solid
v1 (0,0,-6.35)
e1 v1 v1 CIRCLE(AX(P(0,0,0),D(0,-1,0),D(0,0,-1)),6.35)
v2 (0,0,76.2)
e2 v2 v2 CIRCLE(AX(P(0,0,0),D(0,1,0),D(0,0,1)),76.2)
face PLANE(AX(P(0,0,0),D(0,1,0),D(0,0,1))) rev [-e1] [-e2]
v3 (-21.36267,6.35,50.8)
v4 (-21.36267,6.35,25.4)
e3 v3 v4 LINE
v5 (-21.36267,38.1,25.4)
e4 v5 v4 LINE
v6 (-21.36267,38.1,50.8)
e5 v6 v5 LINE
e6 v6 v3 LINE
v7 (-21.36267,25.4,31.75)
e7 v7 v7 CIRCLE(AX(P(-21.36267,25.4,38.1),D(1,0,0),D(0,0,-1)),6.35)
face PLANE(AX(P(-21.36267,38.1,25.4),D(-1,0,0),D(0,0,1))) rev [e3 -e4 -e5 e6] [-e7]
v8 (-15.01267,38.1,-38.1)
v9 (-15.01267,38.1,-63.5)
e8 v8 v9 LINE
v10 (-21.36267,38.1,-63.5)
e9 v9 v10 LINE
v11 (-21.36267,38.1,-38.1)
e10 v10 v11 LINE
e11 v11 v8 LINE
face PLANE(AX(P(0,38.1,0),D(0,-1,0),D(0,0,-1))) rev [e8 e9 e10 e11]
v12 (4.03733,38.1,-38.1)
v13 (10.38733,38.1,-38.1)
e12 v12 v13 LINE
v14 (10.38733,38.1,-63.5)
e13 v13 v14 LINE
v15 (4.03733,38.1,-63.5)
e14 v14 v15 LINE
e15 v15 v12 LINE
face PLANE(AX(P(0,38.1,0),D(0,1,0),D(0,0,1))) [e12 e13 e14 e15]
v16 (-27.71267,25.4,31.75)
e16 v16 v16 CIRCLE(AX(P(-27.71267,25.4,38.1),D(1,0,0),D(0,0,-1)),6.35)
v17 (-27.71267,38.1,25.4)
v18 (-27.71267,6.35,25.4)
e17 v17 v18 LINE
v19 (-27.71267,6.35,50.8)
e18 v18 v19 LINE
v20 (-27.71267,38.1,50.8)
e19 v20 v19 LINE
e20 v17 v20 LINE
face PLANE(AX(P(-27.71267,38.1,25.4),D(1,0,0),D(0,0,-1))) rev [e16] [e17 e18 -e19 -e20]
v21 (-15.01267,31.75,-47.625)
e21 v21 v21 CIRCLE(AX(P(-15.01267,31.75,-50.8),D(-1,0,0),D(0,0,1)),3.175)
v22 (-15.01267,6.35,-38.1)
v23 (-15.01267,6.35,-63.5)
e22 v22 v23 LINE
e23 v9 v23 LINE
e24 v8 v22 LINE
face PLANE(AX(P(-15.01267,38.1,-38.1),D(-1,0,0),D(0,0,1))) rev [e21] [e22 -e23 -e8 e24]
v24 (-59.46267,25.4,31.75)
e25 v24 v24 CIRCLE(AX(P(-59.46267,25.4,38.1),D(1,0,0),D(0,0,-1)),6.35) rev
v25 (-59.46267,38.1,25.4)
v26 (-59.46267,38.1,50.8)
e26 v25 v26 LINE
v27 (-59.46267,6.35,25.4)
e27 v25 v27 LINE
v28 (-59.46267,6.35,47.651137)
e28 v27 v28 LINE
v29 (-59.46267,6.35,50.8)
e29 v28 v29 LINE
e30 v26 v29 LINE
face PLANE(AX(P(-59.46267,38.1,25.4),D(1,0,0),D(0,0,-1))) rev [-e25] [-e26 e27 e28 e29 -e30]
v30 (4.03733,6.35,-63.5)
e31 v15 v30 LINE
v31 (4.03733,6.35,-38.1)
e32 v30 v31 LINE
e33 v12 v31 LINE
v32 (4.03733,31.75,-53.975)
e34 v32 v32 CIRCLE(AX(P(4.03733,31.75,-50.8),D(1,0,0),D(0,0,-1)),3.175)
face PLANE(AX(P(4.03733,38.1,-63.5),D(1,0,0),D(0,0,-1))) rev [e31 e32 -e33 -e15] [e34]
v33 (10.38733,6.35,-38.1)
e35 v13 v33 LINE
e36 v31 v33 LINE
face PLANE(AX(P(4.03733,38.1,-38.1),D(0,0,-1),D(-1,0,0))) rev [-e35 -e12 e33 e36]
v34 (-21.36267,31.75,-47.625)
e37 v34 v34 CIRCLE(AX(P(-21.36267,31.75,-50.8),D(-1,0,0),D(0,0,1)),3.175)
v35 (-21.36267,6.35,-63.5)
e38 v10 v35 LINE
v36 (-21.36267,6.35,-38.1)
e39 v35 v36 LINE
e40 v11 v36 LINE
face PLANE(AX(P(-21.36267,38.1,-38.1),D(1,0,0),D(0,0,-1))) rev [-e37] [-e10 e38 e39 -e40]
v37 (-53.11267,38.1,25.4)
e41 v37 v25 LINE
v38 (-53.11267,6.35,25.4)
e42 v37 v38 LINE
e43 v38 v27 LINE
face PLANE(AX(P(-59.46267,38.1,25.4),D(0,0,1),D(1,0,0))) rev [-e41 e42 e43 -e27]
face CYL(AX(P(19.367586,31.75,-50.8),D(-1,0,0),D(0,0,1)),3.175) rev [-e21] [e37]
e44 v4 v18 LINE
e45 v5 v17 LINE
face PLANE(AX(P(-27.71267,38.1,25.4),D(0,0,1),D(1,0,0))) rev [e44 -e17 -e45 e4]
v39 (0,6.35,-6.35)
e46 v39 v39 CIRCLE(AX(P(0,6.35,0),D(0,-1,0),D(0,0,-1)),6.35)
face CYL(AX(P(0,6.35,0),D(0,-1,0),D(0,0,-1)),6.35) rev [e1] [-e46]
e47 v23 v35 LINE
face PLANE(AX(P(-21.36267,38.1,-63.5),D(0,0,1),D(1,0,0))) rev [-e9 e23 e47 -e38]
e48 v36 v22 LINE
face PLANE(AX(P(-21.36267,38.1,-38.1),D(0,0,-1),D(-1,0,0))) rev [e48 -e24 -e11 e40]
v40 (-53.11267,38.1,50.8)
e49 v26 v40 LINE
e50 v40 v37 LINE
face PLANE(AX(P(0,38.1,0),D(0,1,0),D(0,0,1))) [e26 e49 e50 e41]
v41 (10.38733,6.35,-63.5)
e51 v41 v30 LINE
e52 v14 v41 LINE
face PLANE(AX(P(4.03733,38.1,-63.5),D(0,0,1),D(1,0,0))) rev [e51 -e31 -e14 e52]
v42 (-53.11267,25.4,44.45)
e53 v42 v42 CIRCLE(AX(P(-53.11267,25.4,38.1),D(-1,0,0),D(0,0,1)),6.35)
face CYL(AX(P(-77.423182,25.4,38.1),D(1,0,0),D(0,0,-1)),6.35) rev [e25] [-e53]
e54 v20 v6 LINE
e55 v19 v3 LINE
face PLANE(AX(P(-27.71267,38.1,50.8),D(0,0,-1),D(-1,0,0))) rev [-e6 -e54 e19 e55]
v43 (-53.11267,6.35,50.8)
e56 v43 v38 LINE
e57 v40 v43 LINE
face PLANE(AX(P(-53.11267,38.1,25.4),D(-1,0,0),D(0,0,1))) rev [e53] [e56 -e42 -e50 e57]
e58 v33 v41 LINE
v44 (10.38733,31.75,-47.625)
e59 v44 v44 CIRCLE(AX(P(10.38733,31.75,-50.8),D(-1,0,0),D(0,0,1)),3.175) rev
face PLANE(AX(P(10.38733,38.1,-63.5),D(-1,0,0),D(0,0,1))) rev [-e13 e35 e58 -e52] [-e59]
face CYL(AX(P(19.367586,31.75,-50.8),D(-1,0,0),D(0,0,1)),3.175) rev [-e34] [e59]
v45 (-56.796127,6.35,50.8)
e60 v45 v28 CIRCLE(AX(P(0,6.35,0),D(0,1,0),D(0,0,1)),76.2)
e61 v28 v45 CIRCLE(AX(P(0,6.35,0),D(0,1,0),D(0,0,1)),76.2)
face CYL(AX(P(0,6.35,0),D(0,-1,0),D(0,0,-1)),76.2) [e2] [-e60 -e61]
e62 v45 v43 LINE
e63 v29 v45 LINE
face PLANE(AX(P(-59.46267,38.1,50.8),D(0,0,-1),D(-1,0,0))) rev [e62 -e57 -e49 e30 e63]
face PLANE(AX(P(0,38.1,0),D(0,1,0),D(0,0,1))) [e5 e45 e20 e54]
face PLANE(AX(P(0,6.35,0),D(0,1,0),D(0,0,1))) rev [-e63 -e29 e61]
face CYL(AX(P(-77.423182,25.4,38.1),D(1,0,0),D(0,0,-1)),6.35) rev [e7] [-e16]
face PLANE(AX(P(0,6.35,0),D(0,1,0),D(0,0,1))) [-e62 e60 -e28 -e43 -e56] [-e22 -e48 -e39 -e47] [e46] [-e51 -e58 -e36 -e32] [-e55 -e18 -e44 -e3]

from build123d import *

# Parameters (mm, degrees)
SKETCH1_R           = 76.2
BOSS_EXTRUDE1_DEPTH = 6.35
SKETCH2_R           = 6.35
CUT_EXTRUDE1_DEPTH  = 108.95
SKETCH3_W           = 6.35
SKETCH3_H           = 25.4
BOSS_EXTRUDE2_DEPTH = 31.75
CUT_EXTRUDE2_REACH  = 131.524
SKETCH4_R           = 6.35
SKETCH5_W           = 6.35
SKETCH5_H           = 25.4
BOSS_EXTRUDE3_DEPTH = 31.75
CUT_EXTRUDE3_REACH  = 131.524
SKETCH6_R           = 3.175


with BuildPart() as part:
    # Sketch1 → Boss-Extrude1 (new body)
    with BuildSketch(Plane(origin=(0, 0, 0), x_dir=(1, 0, 0), z_dir=(0, 1, 0))):
        with Locations(Location((0, 0, 0), (0, 0, 270))):
            Circle(SKETCH1_R)
    extrude(amount=BOSS_EXTRUDE1_DEPTH)

    # Sketch2 → Cut-Extrude1 (cut, through all)
    with BuildSketch(Plane.XZ):
        with Locations(Location((0, 0, 0), (0, 0, 270))):
            Circle(SKETCH2_R)
    extrude(amount=-CUT_EXTRUDE1_DEPTH, mode=Mode.SUBTRACT)

    # Sketch3 → Boss-Extrude2 (add)
    with BuildSketch(Plane(origin=(0, 6.35, 0), x_dir=(1, 0, 0), z_dir=(0, 1, 0))):
        with Locations((-56.28767, -38.1)):
            Rectangle(SKETCH3_W, SKETCH3_H)
        with Locations((-24.53767, -38.1)):
            Rectangle(SKETCH3_W, SKETCH3_H)
    extrude(amount=BOSS_EXTRUDE2_DEPTH)

    # Cut-Extrude2: up to this face of the body (flat: up to its plane)
    cut_extrude2_end = Plane(part.part.faces().sort_by_distance((-59.46267, 22.225, 38.1))[0])
    # Sketch4 → Cut-Extrude2 (cut, up to the picked face)
    with BuildSketch(Plane(origin=(-21.36267, 0, 0), x_dir=(0, 0, -1), z_dir=(1, 0, 0)), mode=Mode.PRIVATE) as cut_extrude2_sk1:
        with Locations((-38.1, 25.4)):
            Circle(SKETCH4_R)
    cut_extrude2_tool1 = split(extrude(cut_extrude2_sk1.sketch, amount=-CUT_EXTRUDE2_REACH, mode=Mode.PRIVATE), bisect_by=cut_extrude2_end, keep=Keep.BOTH, mode=Mode.PRIVATE)
    add(cut_extrude2_tool1.solids().sort_by(Axis((-21.36267, 25.4, 38.1), (-1, 0, 0)))[0], mode=Mode.SUBTRACT)

    # Sketch5 → Boss-Extrude3 (add)
    with BuildSketch(Plane(origin=(0, 6.35, 0), x_dir=(1, 0, 0), z_dir=(0, 1, 0))):
        with Locations((-18.18767, 50.8)):
            Rectangle(SKETCH5_W, SKETCH5_H)
        with Locations((7.21233, 50.8)):
            Rectangle(SKETCH5_W, SKETCH5_H)
    extrude(amount=BOSS_EXTRUDE3_DEPTH)

    # Cut-Extrude3: up to this face of the body (flat: up to its plane)
    cut_extrude3_end = Plane(part.part.faces().sort_by_distance((10.38733, 22.225, -50.8))[0])
    # Sketch6 → Cut-Extrude3 (cut, up to the picked face)
    with BuildSketch(Plane.ZY.offset(21.36267), mode=Mode.PRIVATE) as cut_extrude3_sk1:
        with Locations((-50.8, 31.75)):
            Circle(SKETCH6_R)
    cut_extrude3_tool1 = split(extrude(cut_extrude3_sk1.sketch, amount=-CUT_EXTRUDE3_REACH, mode=Mode.PRIVATE), bisect_by=cut_extrude3_end, keep=Keep.BOTH, mode=Mode.PRIVATE)
    add(cut_extrude3_tool1.solids().sort_by(Axis((-21.36267, 31.75, -50.8), (1, 0, 0)))[0], mode=Mode.SUBTRACT)


solid = part.part
